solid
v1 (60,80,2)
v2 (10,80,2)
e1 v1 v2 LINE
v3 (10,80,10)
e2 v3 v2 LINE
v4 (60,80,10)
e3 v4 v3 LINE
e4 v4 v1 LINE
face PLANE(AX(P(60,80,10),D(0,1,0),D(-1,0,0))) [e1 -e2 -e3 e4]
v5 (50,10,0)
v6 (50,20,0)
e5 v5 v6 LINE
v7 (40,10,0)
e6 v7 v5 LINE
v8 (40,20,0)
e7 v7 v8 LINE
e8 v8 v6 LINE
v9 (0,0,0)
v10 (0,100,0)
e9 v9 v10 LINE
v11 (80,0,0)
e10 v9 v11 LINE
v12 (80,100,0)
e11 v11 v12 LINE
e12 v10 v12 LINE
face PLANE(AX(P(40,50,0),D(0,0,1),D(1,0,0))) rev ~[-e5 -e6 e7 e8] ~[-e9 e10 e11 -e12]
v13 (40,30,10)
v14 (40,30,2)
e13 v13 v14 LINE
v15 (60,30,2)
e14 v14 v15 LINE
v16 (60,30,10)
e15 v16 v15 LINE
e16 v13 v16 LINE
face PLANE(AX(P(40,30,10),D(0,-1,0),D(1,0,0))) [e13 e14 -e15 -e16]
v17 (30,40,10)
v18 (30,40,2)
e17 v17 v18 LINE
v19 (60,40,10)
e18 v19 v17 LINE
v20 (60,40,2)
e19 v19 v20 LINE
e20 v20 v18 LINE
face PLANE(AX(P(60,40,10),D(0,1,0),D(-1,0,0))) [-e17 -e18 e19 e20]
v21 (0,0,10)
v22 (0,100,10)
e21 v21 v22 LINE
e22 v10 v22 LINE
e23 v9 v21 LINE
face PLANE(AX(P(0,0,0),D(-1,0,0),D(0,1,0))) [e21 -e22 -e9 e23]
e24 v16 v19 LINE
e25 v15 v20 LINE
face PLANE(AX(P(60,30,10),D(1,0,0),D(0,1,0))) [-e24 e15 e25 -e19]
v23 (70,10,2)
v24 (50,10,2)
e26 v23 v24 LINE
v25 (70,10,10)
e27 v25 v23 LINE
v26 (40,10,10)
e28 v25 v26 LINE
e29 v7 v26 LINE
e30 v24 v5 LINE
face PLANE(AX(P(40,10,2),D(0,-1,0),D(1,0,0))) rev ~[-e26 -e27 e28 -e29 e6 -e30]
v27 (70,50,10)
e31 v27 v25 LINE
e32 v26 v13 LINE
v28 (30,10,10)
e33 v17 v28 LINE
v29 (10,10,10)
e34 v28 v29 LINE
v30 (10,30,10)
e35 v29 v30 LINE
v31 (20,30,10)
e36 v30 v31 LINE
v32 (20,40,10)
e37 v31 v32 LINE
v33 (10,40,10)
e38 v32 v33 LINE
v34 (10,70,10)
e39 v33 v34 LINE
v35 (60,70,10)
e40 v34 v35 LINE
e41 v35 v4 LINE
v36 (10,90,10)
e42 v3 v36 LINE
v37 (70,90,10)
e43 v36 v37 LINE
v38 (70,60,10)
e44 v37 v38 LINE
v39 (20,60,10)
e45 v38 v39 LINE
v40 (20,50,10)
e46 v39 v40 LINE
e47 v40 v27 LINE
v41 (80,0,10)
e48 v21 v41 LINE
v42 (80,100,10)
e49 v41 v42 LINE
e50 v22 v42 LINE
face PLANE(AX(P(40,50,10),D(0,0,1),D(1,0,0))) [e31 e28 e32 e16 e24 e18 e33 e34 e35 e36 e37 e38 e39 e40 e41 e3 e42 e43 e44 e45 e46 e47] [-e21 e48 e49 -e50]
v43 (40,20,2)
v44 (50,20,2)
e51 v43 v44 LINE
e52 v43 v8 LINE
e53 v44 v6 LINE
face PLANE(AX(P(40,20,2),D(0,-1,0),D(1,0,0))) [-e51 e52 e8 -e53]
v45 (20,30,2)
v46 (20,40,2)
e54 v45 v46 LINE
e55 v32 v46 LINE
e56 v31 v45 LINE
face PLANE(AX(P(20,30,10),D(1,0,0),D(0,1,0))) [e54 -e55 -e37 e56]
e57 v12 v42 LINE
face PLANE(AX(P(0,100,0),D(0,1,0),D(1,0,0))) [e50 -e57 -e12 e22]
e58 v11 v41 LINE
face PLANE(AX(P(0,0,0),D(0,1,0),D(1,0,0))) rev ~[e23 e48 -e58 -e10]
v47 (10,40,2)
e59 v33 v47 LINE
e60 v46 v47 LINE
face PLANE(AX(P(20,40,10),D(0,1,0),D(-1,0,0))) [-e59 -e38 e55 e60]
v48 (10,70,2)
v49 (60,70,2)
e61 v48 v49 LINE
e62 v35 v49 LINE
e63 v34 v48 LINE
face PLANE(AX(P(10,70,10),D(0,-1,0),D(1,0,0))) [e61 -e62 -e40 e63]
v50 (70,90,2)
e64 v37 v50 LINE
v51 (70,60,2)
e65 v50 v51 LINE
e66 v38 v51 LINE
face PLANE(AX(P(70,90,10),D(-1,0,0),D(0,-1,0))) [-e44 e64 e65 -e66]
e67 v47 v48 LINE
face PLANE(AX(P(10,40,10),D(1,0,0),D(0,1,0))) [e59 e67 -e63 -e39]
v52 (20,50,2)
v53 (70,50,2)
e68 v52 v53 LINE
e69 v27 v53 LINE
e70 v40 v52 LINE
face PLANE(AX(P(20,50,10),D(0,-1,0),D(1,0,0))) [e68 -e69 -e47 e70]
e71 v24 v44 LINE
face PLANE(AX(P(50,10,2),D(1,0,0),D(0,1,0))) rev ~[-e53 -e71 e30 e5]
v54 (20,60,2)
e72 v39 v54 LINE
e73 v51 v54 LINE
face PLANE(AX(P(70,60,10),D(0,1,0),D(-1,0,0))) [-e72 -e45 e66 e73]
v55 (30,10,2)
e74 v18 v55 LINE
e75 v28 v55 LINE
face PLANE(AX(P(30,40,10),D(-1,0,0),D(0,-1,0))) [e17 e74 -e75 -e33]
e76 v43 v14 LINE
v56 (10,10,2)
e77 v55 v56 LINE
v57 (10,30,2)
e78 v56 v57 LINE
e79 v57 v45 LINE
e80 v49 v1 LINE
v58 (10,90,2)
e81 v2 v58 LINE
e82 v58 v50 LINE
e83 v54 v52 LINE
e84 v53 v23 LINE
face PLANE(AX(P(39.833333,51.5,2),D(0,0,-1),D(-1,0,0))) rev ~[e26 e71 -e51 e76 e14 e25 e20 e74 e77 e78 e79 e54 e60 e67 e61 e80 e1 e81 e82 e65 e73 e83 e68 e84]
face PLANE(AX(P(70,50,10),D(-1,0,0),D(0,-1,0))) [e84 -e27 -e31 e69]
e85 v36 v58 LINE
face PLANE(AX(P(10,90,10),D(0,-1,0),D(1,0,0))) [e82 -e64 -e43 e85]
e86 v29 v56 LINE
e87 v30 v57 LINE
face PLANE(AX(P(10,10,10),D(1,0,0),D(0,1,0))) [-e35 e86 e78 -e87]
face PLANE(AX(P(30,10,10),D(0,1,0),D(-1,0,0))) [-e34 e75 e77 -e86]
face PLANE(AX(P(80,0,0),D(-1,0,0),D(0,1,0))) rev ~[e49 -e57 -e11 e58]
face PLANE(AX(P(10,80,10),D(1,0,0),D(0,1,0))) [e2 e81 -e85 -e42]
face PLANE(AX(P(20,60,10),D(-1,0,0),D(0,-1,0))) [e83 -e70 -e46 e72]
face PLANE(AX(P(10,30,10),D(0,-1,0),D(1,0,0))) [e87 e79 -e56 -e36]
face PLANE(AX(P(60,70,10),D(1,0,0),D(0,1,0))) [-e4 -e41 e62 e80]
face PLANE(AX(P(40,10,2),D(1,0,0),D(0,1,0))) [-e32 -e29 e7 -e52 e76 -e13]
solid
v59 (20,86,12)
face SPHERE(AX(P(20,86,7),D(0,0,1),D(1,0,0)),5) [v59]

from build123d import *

# Parameters (mm, degrees)
SKETCH_W        = 80
SKETCH_H        = 100
PAD_DEPTH       = 10
POCKET_DEPTH    = 8
SKETCH002_W     = 10
SKETCH002_H     = 10
POCKET001_DEPTH = 5


with BuildPart() as body:
    # Sketch → Pad (new body)
    with BuildSketch(Plane.XY):
        with Locations((40, 50)):
            Rectangle(SKETCH_W, SKETCH_H)
    extrude(amount=PAD_DEPTH)

    # Sketch001 (on Face6 of Pad) → Pocket (cut)
    with BuildSketch(Plane.XY.offset(10)):
        Polygon((10, 90), (70, 90), (70, 60), (20, 60), (20, 50), (70, 50), (70, 10), (40, 10), (40, 30), (60, 30), (60, 40), (30, 40), (30, 10), (10, 10), (10, 30), (20, 30), (20, 40), (10, 40), (10, 70), (60, 70), (60, 80), (10, 80), align=None)
    extrude(amount=-POCKET_DEPTH, mode=Mode.SUBTRACT)

    # Sketch002 (on Face29 of Pocket) → Pocket001 (cut)
    with BuildSketch(Plane.XY.offset(2)):
        with Locations((45, 15)):
            Rectangle(SKETCH002_W, SKETCH002_H)
    extrude(amount=-POCKET001_DEPTH, mode=Mode.SUBTRACT)


with BuildPart() as esfera:
    # Sphere → Sphere (revolve)
    with BuildSketch(Plane(origin=(20, 86, 7), x_dir=(1, 0, 0), z_dir=(0, -1, 0))):
        with BuildLine():
            ThreePointArc((0, -5), (5, 0), (0, 5))
            Line((0, 5), (0, -5))
        make_face()
    revolve(axis=Axis((20, 86, 7), (0, 0, 1)))


solid = Compound([body.part, esfera.part])
